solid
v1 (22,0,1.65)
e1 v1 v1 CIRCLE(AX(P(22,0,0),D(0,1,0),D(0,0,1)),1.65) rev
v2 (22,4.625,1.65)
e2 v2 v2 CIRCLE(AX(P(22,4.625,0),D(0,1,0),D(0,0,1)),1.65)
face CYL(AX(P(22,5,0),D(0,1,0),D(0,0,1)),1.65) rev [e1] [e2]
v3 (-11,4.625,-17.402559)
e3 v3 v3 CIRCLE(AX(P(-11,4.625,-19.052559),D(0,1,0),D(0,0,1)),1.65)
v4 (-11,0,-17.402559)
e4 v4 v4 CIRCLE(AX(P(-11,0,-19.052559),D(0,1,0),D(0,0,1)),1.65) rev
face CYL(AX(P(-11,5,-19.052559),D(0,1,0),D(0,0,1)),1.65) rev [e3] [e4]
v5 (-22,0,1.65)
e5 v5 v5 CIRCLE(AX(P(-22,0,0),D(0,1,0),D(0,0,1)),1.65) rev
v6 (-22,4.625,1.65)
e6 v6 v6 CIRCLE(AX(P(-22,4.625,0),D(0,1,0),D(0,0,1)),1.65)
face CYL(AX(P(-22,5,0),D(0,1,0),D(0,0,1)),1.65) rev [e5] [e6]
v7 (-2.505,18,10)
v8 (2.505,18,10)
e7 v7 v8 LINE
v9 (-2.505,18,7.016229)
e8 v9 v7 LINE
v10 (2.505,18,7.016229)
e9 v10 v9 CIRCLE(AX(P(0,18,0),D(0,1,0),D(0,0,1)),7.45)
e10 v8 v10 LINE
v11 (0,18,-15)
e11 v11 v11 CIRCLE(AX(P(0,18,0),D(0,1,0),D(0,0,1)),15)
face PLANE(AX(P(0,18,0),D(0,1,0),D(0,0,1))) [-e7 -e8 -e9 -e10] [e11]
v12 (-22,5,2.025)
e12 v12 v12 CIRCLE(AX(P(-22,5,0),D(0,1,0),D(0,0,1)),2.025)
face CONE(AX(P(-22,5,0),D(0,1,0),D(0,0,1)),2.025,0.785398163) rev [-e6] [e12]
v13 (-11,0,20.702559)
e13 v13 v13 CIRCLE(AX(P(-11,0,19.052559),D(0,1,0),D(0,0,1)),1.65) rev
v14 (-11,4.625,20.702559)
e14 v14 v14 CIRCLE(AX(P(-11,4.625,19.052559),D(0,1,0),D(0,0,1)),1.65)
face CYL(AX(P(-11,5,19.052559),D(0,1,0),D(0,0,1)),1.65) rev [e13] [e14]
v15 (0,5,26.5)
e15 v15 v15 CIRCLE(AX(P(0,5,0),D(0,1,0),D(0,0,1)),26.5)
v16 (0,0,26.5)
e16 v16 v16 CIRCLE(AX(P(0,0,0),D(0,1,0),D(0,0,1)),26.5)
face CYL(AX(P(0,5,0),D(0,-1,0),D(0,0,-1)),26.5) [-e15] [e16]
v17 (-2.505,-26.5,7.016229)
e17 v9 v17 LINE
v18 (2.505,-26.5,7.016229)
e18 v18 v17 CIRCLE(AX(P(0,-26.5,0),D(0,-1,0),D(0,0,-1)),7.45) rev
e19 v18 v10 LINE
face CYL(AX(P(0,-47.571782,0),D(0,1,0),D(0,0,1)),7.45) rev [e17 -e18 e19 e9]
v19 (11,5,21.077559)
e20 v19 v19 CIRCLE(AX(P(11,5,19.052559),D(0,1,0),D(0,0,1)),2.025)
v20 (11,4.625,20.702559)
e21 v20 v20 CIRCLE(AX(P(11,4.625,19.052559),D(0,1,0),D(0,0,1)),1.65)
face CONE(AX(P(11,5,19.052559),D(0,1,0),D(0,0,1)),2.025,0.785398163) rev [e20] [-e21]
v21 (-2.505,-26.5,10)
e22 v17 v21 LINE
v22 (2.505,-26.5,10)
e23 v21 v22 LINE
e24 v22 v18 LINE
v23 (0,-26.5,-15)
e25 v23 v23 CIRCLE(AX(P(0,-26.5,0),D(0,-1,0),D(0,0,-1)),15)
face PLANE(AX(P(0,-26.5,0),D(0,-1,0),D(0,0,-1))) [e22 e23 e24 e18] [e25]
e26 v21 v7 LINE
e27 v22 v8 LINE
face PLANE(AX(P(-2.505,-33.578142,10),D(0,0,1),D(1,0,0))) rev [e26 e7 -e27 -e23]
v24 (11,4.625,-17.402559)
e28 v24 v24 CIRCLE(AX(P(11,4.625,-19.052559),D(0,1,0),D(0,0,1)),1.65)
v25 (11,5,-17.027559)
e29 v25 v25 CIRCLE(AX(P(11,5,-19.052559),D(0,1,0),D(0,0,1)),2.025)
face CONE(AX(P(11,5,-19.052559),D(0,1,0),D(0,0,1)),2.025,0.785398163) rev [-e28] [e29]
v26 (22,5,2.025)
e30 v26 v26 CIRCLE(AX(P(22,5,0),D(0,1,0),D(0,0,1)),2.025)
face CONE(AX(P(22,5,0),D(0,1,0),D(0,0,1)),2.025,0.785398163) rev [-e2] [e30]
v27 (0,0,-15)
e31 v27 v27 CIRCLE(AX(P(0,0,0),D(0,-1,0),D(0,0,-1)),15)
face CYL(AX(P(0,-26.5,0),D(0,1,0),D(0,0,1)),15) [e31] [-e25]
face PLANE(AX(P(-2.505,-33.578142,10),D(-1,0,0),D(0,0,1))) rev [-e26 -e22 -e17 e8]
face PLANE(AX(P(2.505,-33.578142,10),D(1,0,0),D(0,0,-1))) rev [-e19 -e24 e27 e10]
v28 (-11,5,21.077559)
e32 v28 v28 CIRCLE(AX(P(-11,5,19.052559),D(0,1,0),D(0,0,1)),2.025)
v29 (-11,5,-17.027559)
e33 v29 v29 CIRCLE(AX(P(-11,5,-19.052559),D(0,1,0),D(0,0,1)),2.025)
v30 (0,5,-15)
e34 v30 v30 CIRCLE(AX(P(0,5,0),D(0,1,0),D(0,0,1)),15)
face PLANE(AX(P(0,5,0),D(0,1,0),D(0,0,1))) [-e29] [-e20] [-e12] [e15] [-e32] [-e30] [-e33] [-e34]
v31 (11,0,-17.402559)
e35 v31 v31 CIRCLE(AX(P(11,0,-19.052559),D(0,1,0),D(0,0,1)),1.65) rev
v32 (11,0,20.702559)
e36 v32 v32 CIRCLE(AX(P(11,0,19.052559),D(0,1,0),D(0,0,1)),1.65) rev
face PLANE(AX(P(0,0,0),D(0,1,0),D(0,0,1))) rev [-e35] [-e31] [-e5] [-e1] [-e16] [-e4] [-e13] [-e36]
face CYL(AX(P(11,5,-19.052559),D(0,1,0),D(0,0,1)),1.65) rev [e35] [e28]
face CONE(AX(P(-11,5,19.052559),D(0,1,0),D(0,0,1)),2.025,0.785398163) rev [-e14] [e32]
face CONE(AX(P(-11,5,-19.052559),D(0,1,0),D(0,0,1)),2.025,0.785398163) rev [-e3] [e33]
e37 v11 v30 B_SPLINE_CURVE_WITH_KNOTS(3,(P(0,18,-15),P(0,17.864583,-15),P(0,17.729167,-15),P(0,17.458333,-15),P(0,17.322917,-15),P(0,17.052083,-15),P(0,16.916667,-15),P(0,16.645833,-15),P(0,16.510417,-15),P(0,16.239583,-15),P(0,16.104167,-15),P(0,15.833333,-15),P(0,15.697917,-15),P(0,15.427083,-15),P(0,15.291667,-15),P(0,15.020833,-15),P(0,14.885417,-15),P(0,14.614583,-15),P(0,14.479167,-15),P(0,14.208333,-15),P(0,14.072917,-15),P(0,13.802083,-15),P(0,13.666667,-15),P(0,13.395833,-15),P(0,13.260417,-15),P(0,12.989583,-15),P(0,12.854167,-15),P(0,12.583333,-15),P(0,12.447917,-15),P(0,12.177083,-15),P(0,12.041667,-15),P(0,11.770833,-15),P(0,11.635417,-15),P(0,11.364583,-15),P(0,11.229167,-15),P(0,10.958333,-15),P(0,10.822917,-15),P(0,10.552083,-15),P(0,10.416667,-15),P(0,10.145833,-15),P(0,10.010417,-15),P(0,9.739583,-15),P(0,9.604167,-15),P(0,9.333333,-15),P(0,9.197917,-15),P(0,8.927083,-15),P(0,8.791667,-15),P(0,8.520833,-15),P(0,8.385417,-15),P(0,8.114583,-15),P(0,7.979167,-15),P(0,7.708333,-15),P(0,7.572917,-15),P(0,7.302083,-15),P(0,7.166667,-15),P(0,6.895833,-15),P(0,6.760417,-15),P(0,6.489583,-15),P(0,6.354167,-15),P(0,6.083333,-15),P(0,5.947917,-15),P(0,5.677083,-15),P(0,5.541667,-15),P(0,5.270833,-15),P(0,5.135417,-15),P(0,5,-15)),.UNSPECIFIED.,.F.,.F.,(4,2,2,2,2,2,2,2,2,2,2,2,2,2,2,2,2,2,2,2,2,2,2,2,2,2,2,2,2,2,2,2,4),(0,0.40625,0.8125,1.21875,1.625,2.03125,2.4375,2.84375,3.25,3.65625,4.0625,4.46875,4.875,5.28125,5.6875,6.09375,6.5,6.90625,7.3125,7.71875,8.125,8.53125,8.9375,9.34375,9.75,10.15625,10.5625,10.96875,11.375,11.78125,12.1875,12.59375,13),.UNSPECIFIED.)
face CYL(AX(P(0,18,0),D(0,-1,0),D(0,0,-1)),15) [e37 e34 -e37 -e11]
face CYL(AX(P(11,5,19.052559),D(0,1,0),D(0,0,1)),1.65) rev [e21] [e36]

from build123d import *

# Parameters (mm, degrees)
SKETCH_1_R                   = 26.5
EXTRUDE_2_DEPTH              = 5
SKETCH_3_R                   = 15
EXTRUDE_3_DEPTH              = 13
EXTRUDE_START                = 26.5
SKETCH_4_R                   = 15
EXTRUDE_4_DEPTH              = 26.5
HOLE_WIZARD_M4_1_D           = 3.3
HOLE_WIZARD_M4_1_CSINK_D     = 4.05
HOLE_WIZARD_M4_1_CSINK_ANGLE = 90
PATTERN_CIRCULAR_1_COUNT     = 6
SKETCH_7_R                   = 7.45
CUT_EXTRUDE_1_DEPTH          = 44.5
SKETCH_8_W                   = 5.01
SKETCH_8_H                   = 5
CUT_EXTRUDE_2_DEPTH          = 44.5


with BuildPart() as part:
    # 草图1 → 凸台-拉伸2 (new body)
    with BuildSketch(Plane(origin=(0, 0, 0), x_dir=(1, 0, 0), z_dir=(0, 1, 0))):
        with Locations(Location((0, 0, 0), (0, 0, 270))):
            Circle(SKETCH_1_R)
    extrude(amount=EXTRUDE_2_DEPTH)

    # 草图3 → 凸台-拉伸3 (add)
    with BuildSketch(Plane(origin=(0, 5, 0), x_dir=(1, 0, 0), z_dir=(0, 1, 0))):
        with Locations(Location((0, 0, 0), (0, 0, 90))):
            Circle(SKETCH_3_R)
    extrude(amount=EXTRUDE_3_DEPTH)

    # 草图4 → 凸台-拉伸4 (add)
    with BuildSketch(Plane.XZ.offset(EXTRUDE_START)):
        with Locations(Location((0, 0, 0), (0, 0, 270))):
            Circle(SKETCH_4_R)
    extrude(amount=-EXTRUDE_4_DEPTH)

    # M4 螺纹孔1 (through all)
    with Locations(Plane(origin=(22, 5, 0), x_dir=(0, 0, 1), z_dir=(0, 1, 0))):
        with Locations((0, 0)):
            hole_wizard_m4_1 = CounterSinkHole(HOLE_WIZARD_M4_1_D / 2, HOLE_WIZARD_M4_1_CSINK_D / 2, counter_sink_angle=HOLE_WIZARD_M4_1_CSINK_ANGLE)

    # 阵列(圆周)1: M4 螺纹孔1 ×6 about axis
    pattern_circular_1_axis = Axis((0, 0, 0), (0, 1, 0))
    for i in range(1, PATTERN_CIRCULAR_1_COUNT):
        add(hole_wizard_m4_1.rotate(pattern_circular_1_axis, i * 360 / PATTERN_CIRCULAR_1_COUNT), mode=Mode.SUBTRACT)

    # 草图7 → 切除-拉伸1 (cut)
    with BuildSketch(Plane(origin=(0, 18, 0), x_dir=(1, 0, 0), z_dir=(0, 1, 0))):
        with Locations(Location((0, 0, 0), (0, 0, 270))):
            Circle(SKETCH_7_R)
    extrude(amount=-CUT_EXTRUDE_1_DEPTH, mode=Mode.SUBTRACT)

    # 草图8 → 切除-拉伸2 (cut)
    with BuildSketch(Plane(origin=(0, 18, 0), x_dir=(1, 0, 0), z_dir=(0, 1, 0))):
        with Locations((0, -7.5)):
            Rectangle(SKETCH_8_W, SKETCH_8_H)
    extrude(amount=-CUT_EXTRUDE_2_DEPTH, mode=Mode.SUBTRACT)


solid = part.part
